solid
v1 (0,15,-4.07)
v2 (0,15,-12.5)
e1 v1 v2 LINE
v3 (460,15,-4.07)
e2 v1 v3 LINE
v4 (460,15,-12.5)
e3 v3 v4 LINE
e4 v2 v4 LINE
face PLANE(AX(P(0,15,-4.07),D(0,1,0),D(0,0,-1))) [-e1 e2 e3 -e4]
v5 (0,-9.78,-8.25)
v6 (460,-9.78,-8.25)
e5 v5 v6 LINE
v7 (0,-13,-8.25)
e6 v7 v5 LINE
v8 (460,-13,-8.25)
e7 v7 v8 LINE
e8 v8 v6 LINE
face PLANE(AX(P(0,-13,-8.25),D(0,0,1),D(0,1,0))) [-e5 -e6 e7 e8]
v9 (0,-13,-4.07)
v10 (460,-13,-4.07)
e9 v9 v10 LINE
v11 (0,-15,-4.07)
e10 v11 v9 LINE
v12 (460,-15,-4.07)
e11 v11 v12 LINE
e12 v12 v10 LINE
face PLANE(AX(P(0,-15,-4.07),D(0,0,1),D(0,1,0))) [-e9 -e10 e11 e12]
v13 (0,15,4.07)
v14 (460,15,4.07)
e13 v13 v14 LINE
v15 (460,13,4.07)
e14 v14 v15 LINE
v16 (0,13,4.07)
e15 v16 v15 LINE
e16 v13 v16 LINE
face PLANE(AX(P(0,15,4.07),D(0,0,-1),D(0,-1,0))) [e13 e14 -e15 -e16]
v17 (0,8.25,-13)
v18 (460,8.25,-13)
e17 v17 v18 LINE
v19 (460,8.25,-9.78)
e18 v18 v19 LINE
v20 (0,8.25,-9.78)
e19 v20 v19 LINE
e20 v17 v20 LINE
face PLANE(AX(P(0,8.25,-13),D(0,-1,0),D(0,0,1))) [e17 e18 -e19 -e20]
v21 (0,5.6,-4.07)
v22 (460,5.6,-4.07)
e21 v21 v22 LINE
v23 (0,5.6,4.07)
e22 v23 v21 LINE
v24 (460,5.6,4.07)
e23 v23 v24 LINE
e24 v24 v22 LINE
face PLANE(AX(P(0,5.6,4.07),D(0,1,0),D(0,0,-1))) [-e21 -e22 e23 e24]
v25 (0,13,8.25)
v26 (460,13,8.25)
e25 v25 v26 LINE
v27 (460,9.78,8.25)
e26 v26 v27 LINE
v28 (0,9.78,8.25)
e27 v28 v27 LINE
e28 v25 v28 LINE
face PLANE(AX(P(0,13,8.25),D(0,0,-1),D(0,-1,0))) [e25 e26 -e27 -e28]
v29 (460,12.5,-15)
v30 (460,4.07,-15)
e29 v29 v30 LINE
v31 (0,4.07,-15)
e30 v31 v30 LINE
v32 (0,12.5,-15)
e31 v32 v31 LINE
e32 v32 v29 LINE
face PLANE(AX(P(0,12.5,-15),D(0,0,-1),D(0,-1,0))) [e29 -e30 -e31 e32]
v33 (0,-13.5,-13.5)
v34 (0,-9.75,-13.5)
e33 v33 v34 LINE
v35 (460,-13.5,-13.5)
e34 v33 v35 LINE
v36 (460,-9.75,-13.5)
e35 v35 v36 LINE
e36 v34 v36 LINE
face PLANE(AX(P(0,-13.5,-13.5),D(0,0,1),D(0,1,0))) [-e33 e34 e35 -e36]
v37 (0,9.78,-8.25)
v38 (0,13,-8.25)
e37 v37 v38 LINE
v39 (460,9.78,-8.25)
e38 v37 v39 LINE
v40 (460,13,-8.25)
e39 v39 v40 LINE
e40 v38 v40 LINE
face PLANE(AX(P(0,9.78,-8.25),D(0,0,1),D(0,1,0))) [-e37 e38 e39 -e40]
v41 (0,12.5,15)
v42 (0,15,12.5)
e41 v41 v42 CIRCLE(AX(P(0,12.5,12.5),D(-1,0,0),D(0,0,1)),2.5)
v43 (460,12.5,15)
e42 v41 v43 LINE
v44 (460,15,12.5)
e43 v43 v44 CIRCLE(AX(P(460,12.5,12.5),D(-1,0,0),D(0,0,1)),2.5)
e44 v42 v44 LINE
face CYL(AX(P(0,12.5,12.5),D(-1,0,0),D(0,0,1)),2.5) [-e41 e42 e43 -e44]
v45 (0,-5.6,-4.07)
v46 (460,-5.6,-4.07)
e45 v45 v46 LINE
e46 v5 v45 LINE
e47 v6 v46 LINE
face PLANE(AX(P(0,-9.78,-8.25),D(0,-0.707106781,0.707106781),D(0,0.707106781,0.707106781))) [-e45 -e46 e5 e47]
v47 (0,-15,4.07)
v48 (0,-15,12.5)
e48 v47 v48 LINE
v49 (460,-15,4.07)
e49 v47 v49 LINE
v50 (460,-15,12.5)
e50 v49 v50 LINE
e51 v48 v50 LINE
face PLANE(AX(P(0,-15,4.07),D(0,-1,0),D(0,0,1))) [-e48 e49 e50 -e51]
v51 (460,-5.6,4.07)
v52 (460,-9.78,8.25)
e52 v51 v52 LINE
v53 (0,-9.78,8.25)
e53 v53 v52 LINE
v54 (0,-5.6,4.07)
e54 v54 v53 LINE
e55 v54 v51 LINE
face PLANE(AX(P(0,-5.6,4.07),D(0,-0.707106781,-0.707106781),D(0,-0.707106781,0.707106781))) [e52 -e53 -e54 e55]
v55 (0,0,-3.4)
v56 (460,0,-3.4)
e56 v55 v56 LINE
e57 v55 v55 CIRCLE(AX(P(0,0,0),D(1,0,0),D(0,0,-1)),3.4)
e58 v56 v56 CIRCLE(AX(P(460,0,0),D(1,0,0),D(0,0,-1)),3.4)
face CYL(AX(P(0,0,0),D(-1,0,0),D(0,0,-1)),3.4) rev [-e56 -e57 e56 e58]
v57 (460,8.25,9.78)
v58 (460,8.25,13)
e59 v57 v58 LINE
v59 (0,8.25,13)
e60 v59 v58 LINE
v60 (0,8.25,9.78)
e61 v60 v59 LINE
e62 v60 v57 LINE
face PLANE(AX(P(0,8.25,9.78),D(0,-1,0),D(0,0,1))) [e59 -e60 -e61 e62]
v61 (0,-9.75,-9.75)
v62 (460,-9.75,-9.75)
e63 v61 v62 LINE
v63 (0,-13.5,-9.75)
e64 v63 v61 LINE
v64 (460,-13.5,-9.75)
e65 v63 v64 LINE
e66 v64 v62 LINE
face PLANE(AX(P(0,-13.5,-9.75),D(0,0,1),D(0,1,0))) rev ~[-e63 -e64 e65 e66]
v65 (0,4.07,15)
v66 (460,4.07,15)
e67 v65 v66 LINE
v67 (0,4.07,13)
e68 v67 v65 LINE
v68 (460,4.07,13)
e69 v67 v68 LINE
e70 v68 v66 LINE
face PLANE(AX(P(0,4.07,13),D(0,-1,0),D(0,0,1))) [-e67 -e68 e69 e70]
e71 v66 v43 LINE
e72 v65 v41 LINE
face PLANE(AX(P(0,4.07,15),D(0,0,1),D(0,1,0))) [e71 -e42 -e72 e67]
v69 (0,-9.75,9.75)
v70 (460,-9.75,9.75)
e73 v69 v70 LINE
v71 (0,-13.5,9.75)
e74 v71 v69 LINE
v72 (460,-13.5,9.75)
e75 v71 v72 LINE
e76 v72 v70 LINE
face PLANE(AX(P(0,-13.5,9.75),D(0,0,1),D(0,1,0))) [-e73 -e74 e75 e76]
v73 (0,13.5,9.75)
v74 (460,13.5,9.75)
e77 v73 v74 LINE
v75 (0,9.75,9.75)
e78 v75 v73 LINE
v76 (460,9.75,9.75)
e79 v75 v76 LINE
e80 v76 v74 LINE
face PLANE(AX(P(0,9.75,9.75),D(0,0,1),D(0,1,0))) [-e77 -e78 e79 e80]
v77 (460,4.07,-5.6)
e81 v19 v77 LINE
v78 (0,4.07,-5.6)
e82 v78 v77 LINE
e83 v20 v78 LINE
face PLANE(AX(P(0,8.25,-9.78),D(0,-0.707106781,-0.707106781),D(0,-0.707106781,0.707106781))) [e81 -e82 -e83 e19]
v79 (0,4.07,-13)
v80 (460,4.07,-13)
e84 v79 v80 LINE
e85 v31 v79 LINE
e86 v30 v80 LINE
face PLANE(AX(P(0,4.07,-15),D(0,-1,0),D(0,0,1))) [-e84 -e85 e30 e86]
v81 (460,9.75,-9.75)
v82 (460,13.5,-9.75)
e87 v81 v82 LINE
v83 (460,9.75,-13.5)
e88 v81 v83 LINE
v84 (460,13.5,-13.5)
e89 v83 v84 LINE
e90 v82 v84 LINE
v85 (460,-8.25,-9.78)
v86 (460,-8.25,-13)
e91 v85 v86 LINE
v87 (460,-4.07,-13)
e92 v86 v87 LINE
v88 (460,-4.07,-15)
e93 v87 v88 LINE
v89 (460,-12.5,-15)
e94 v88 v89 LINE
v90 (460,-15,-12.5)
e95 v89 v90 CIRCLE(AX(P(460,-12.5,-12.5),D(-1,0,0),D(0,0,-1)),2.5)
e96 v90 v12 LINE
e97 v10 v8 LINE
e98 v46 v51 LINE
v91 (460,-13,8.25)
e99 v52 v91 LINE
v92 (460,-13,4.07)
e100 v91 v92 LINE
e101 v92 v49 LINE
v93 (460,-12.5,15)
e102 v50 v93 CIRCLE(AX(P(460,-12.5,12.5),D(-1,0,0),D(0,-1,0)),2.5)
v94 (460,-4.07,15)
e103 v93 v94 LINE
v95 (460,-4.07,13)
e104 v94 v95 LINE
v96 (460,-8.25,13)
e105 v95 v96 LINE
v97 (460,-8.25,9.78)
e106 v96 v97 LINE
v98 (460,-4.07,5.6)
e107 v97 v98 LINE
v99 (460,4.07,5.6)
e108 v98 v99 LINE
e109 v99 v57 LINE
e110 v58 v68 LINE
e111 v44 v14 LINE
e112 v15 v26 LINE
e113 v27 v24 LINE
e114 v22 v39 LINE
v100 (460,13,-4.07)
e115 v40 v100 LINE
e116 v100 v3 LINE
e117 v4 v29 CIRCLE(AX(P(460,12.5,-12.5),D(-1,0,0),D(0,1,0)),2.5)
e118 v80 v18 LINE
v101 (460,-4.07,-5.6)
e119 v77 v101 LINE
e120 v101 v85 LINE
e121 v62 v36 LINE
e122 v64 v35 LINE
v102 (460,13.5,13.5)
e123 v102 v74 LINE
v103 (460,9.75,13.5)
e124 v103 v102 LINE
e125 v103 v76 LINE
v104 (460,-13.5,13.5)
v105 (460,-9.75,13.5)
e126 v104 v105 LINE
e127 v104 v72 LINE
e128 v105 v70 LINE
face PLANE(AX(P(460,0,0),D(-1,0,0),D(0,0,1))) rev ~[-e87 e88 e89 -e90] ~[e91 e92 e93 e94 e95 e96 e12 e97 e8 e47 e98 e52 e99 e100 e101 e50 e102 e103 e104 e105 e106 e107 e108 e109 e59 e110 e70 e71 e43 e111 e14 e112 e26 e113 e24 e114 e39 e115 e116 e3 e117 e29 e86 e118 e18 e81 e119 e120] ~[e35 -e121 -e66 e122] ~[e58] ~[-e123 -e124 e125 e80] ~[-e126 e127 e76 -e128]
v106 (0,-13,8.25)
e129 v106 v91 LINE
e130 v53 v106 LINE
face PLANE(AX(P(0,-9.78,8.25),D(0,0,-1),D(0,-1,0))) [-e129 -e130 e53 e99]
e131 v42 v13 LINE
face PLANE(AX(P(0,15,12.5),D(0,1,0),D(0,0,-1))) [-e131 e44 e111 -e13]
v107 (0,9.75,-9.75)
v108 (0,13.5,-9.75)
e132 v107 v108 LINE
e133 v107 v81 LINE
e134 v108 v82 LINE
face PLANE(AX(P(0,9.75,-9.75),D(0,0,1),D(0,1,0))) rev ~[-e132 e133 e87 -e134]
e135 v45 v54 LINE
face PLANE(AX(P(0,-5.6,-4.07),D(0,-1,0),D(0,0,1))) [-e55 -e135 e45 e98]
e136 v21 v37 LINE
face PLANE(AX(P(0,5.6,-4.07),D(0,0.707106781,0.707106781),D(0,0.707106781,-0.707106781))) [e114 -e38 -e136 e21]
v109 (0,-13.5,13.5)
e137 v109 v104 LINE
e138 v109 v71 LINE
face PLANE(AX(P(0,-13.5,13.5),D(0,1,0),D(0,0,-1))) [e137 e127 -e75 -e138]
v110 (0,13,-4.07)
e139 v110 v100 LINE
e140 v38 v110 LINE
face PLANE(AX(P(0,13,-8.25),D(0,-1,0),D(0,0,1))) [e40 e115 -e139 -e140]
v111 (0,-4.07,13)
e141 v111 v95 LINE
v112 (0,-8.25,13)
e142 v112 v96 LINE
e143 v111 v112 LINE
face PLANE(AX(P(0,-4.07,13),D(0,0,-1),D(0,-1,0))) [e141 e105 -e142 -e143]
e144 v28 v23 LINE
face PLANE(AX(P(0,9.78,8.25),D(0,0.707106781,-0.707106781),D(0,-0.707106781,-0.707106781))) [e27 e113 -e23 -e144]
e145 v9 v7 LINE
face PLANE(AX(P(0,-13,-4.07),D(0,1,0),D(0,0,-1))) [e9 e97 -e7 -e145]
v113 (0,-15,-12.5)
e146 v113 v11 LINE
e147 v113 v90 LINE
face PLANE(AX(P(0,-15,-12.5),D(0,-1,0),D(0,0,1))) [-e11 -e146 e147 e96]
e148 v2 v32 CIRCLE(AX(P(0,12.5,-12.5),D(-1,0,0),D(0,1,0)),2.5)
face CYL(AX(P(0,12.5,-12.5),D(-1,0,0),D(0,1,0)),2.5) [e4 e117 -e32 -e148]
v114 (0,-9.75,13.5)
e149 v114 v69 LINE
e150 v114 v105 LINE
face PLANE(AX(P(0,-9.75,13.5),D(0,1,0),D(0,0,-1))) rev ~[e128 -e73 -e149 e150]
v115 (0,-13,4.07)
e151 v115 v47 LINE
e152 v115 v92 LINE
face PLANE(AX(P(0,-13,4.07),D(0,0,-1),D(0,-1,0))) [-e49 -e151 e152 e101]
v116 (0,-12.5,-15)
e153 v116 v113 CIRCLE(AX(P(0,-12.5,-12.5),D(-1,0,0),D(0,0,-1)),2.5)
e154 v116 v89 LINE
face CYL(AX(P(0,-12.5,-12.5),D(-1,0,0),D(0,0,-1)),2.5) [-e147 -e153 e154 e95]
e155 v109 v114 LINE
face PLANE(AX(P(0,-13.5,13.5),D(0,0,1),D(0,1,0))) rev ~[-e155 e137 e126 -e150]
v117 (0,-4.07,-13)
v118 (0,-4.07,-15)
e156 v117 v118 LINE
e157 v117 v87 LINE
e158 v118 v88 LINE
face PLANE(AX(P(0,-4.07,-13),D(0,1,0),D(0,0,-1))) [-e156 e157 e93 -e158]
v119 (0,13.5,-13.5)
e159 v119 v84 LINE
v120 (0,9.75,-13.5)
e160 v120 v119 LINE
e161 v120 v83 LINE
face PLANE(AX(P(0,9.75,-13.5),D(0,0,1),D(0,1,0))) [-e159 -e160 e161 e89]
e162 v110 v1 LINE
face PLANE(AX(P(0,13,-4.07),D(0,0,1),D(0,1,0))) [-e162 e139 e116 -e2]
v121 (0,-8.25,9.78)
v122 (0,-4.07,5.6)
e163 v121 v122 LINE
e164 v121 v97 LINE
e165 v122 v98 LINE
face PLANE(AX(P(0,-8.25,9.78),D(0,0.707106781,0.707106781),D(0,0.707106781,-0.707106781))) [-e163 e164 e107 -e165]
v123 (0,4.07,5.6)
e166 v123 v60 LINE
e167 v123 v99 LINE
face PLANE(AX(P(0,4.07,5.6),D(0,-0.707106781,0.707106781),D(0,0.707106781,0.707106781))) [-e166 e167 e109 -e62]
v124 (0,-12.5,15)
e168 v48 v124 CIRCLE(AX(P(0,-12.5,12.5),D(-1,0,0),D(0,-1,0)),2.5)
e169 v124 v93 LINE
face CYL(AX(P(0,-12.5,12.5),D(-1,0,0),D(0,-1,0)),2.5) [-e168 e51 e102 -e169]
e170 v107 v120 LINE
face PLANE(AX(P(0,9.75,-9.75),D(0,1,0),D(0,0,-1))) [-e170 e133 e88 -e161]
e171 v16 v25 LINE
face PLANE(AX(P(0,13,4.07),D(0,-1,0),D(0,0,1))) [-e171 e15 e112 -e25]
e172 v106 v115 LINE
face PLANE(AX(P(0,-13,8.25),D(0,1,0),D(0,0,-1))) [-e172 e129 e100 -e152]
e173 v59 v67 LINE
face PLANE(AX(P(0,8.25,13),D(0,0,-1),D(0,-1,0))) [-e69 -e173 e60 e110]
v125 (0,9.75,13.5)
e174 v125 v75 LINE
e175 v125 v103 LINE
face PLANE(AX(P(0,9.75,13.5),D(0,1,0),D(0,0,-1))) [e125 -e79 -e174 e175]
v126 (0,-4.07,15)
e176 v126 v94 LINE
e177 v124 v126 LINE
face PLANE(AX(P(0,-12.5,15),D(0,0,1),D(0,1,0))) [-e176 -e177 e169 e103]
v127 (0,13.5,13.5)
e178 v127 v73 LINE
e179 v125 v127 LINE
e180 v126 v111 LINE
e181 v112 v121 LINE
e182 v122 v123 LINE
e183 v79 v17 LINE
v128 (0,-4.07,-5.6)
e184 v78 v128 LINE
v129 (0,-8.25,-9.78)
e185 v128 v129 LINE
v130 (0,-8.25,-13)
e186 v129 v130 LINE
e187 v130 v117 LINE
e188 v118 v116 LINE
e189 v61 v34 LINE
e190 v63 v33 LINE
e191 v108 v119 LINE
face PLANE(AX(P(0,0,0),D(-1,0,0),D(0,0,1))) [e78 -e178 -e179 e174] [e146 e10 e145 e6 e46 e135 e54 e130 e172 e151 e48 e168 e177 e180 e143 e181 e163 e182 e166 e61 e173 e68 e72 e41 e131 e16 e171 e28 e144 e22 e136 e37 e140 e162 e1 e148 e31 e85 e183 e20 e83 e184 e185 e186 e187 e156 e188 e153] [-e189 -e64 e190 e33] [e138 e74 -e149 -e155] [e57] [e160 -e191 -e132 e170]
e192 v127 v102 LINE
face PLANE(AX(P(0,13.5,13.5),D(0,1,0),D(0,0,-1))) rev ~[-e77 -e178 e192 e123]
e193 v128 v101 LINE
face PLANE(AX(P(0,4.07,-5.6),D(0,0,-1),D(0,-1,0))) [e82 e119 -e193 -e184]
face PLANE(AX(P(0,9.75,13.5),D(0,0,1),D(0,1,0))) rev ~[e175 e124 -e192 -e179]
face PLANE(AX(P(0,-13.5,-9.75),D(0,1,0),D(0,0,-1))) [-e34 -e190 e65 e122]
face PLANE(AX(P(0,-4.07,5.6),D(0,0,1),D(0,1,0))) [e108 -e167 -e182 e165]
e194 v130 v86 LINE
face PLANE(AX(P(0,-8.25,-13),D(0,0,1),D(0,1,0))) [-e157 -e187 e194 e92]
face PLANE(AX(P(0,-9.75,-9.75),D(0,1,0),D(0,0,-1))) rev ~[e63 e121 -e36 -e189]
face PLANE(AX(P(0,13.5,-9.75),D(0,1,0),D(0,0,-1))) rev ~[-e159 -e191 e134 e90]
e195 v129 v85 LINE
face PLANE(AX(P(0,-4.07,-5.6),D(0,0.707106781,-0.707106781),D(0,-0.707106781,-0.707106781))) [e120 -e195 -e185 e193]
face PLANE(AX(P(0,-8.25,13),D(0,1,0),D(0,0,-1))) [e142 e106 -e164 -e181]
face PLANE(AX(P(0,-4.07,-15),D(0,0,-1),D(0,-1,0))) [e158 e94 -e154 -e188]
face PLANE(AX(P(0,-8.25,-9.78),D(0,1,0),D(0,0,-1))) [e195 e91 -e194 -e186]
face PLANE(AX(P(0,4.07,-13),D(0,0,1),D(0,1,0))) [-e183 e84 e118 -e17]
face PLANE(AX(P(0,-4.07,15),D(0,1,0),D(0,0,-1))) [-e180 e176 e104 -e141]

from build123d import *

# Parameters (mm, degrees)
SKETCH17_R                     = 3.4
SKETCH17_W                     = 3.75
SKETCH17_H                     = 3.75
T_SLOT_PROFILES_3030_2_1_DEPTH = 460


with BuildPart() as part:
    # Sketch17 → T-slot profiles 3030_2(1) (new body)
    with BuildSketch(Plane(origin=(0, 0, 0), x_dir=(0, 0, -1), z_dir=(1, 0, 0))):
        with BuildLine():
            Line((-4.07, 5.6), (4.07, 5.6))
            Line((4.07, 5.6), (8.25, 9.78))
            Line((8.25, 9.78), (8.25, 13))
            Line((8.25, 13), (4.07, 13))
            Line((4.07, 13), (4.07, 15))
            Line((4.07, 15), (12.5, 15))
            ThreePointArc((12.5, 15), (14.267766953, 14.267766953), (15, 12.5))
            Line((15, 12.5), (15, 4.07))
            Line((15, 4.07), (13, 4.07))
            Line((13, 4.07), (13, 8.25))
            Line((13, 8.25), (9.78, 8.25))
            Line((9.78, 8.25), (5.6, 4.07))
            Line((5.6, 4.07), (5.6, -4.07))
            Line((5.6, -4.07), (9.78, -8.25))
            Line((9.78, -8.25), (13, -8.25))
            Line((13, -8.25), (13, -4.07))
            Line((13, -4.07), (15, -4.07))
            Line((15, -4.07), (15, -12.5))
            ThreePointArc((15, -12.5), (14.267766953, -14.267766953), (12.5, -15))
            Line((12.5, -15), (4.07, -15))
            Line((4.07, -15), (4.07, -13))
            Line((4.07, -13), (8.25, -13))
            Line((8.25, -13), (8.25, -9.78))
            Line((8.25, -9.78), (4.07, -5.6))
            Line((4.07, -5.6), (-4.07, -5.6))
            Line((-4.07, -5.6), (-8.25, -9.78))
            Line((-8.25, -9.78), (-8.25, -13))
            Line((-8.25, -13), (-4.07, -13))
            Line((-4.07, -13), (-4.07, -15))
            Line((-4.07, -15), (-12.5, -15))
            ThreePointArc((-12.5, -15), (-14.267766953, -14.267766953), (-15, -12.5))
            Line((-15, -12.5), (-15, -4.07))
            Line((-15, -4.07), (-13, -4.07))
            Line((-13, -4.07), (-13, -8.25))
            Line((-13, -8.25), (-9.78, -8.25))
            Line((-9.78, -8.25), (-5.6, -4.07))
            Line((-5.6, -4.07), (-5.6, 4.07))
            Line((-5.6, 4.07), (-9.78, 8.25))
            Line((-9.78, 8.25), (-13, 8.25))
            Line((-13, 8.25), (-13, 4.07))
            Line((-13, 4.07), (-15, 4.07))
            Line((-15, 4.07), (-15, 12.5))
            ThreePointArc((-15, 12.5), (-14.267766953, 14.267766953), (-12.5, 15))
            Line((-12.5, 15), (-4.07, 15))
            Line((-4.07, 15), (-4.07, 13))
            Line((-4.07, 13), (-8.25, 13))
            Line((-8.25, 13), (-8.25, 9.78))
            Line((-8.25, 9.78), (-4.07, 5.6))
        make_face()
        Circle(SKETCH17_R, mode=Mode.SUBTRACT)
        with Locations((11.625, 11.625)):
            Rectangle(SKETCH17_W, SKETCH17_H, mode=Mode.SUBTRACT)
        with Locations((11.625, -11.625)):
            Rectangle(SKETCH17_W, SKETCH17_H, mode=Mode.SUBTRACT)
        with Locations((-11.625, 11.625)):
            Rectangle(SKETCH17_W, SKETCH17_H, mode=Mode.SUBTRACT)
        with Locations((-11.625, -11.625)):
            Rectangle(SKETCH17_W, SKETCH17_H, mode=Mode.SUBTRACT)
    extrude(amount=T_SLOT_PROFILES_3030_2_1_DEPTH)


solid = part.part
